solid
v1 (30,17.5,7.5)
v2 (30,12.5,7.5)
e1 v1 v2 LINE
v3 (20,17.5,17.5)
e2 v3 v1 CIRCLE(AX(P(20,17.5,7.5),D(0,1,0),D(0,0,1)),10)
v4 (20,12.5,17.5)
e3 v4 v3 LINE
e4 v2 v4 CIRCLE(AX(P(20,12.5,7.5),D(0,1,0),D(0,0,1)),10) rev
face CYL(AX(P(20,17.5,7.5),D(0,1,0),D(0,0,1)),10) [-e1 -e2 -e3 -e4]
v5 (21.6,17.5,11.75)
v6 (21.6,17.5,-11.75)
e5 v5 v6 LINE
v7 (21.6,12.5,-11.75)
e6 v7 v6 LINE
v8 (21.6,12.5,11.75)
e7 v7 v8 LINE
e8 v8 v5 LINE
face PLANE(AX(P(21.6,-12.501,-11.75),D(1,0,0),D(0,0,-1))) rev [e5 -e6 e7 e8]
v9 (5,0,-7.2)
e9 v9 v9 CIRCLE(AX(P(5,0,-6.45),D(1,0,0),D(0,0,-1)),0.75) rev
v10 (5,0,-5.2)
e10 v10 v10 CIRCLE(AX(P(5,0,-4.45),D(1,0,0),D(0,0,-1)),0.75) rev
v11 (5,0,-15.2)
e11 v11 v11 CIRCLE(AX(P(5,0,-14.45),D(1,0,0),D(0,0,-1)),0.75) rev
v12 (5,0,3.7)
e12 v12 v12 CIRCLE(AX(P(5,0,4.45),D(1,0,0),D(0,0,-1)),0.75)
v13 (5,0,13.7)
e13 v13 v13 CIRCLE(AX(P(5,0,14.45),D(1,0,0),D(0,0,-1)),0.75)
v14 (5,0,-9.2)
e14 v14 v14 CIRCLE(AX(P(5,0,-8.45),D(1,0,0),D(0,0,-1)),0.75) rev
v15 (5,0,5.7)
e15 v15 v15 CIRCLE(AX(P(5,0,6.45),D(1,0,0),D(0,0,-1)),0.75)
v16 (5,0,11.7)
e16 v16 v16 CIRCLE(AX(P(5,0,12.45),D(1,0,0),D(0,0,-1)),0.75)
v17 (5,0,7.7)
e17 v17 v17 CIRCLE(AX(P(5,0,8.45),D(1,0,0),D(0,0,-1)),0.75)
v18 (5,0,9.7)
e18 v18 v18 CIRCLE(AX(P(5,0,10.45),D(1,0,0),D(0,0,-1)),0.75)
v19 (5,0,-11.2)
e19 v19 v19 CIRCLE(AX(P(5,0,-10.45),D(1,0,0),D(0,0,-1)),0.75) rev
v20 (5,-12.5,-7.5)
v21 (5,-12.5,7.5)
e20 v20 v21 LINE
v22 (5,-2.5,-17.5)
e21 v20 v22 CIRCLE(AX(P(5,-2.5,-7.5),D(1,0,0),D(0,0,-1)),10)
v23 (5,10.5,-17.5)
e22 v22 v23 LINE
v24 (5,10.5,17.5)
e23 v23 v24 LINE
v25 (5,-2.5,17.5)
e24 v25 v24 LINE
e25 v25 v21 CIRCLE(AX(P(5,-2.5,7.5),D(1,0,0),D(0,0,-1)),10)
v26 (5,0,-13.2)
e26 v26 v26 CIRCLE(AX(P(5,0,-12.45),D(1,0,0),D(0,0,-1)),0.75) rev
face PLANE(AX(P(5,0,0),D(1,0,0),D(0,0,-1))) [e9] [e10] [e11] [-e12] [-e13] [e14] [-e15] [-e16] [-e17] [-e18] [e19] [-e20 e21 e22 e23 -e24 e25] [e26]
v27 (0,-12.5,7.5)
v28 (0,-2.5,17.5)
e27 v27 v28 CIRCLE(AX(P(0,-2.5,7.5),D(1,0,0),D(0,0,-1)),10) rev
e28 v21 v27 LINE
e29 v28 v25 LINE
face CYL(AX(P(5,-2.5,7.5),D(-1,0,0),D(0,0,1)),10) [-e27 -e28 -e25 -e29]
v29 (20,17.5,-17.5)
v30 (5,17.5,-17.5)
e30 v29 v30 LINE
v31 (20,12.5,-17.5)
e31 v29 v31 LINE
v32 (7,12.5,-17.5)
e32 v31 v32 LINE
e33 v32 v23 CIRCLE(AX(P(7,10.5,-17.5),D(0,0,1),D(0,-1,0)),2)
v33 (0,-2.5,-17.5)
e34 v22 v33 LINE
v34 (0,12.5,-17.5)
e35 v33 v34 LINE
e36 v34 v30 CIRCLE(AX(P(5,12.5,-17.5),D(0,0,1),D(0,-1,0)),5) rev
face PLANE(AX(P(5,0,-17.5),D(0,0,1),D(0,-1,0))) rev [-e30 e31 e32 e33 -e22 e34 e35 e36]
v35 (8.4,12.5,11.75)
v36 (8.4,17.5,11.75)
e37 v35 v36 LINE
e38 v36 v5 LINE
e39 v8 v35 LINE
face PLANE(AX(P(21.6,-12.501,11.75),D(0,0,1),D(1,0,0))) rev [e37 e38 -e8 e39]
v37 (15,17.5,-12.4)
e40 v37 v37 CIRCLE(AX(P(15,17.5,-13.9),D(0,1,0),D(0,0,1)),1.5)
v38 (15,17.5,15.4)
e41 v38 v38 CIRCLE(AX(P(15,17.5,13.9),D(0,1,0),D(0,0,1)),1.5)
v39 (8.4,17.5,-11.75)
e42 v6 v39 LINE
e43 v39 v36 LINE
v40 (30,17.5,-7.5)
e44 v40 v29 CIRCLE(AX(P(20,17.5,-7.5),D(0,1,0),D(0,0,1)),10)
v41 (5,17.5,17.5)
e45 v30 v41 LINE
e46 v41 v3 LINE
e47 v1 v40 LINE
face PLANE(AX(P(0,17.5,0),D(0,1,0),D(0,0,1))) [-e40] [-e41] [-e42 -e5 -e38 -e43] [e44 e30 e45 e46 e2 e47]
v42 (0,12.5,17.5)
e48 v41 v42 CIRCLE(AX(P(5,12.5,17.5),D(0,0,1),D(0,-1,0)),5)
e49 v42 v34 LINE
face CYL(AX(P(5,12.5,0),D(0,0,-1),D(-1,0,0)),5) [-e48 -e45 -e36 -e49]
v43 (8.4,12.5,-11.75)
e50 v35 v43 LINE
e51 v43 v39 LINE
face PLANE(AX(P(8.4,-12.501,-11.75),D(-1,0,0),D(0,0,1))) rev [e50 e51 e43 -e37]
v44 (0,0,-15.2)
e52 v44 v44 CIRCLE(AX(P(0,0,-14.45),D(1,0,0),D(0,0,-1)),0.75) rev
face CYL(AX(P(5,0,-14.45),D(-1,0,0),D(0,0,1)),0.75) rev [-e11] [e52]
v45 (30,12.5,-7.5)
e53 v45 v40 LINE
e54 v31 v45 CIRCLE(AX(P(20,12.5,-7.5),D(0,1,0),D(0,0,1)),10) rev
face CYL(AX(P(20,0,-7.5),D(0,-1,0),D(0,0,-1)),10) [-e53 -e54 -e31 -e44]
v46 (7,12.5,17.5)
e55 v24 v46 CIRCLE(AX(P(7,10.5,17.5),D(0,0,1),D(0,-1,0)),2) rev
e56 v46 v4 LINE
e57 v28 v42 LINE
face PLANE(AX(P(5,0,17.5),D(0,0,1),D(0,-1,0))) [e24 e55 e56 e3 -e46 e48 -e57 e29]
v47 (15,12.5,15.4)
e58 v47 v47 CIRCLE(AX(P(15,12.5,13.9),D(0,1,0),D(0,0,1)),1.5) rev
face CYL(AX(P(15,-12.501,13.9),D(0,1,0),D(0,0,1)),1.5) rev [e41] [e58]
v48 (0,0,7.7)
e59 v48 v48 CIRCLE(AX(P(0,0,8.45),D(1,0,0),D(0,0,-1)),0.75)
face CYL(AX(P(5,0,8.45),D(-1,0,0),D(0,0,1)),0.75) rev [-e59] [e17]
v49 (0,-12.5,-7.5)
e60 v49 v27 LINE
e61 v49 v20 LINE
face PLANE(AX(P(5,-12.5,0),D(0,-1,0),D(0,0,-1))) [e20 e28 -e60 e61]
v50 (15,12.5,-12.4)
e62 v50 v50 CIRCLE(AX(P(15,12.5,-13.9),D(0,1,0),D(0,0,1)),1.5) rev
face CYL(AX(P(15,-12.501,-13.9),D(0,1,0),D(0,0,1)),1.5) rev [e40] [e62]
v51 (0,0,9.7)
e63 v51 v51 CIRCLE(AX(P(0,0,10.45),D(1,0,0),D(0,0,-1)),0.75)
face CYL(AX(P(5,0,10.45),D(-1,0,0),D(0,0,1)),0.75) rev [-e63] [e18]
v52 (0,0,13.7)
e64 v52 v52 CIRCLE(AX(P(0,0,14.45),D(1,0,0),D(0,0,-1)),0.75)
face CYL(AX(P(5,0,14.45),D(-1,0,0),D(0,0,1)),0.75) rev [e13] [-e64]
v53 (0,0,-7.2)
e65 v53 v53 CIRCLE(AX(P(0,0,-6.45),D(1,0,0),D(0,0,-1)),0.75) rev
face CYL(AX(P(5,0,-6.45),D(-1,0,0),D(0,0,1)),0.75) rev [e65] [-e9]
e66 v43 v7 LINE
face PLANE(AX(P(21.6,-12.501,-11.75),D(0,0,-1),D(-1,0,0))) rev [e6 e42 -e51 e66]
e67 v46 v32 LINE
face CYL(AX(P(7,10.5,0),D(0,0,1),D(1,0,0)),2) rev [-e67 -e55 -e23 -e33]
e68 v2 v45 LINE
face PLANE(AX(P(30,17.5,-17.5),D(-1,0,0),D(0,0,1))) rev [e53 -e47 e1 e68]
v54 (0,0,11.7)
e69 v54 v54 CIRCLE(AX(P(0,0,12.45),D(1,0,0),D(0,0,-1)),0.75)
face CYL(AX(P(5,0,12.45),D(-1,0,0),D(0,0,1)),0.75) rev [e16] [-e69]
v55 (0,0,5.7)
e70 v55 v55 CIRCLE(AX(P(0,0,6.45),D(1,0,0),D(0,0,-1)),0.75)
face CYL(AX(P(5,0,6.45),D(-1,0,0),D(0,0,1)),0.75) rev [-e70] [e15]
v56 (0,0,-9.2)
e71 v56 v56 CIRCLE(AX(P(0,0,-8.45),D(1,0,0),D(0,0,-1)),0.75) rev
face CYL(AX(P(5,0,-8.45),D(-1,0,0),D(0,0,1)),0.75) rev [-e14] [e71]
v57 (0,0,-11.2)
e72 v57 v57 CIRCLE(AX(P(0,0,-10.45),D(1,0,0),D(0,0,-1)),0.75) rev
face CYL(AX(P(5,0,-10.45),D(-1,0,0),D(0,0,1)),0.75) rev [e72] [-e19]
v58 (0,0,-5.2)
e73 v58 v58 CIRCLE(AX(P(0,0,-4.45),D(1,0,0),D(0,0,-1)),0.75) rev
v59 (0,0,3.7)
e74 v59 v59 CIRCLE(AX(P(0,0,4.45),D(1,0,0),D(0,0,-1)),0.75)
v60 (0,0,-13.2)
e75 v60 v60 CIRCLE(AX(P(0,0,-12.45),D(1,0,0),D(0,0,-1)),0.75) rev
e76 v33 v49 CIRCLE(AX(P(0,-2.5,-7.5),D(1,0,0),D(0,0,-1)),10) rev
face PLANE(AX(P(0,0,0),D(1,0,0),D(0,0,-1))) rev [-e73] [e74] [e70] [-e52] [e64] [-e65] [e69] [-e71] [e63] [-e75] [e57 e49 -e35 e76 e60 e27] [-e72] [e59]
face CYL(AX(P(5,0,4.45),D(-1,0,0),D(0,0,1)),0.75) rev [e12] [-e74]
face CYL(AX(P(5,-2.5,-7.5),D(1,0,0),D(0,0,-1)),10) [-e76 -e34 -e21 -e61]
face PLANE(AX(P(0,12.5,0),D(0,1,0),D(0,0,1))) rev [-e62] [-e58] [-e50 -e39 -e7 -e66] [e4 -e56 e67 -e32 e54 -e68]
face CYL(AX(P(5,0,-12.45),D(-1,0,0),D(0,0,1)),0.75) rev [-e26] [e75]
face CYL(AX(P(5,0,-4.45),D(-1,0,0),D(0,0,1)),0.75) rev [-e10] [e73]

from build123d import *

# Parameters (mm, degrees)
SKETCH1_W           = 35
SKETCH1_H           = 25
SKETCH1_R           = 0.75
BOSS_EXTRUDE1_DEPTH = 5
SKETCH4_W           = 30
SKETCH4_H           = 35
BOSS_EXTRUDE2_DEPTH = 5
CUT_EXTRUDE2_REACH  = 47.894
SKETCH3_R           = 1.5
SKETCH3_W           = 23.5
SKETCH3_H           = 13.2
FILLET1_R           = 10
FILLET2_R           = 5
FILLET3_R           = 2
FILLET4_R           = 10


with BuildPart() as part:
    # Sketch1 → Boss-Extrude1 (new body)
    with BuildSketch(Plane(origin=(0, 0, 0), x_dir=(0, 0, -1), z_dir=(1, 0, 0))):
        Rectangle(SKETCH1_W, SKETCH1_H)
        with Locations((-14.45, 0)):
            Circle(SKETCH1_R, mode=Mode.SUBTRACT)
        with Locations((-12.45, 0)):
            Circle(SKETCH1_R, mode=Mode.SUBTRACT)
        with Locations((-10.45, 0)):
            Circle(SKETCH1_R, mode=Mode.SUBTRACT)
        with Locations((-8.45, 0)):
            Circle(SKETCH1_R, mode=Mode.SUBTRACT)
        with Locations((-6.45, 0)):
            Circle(SKETCH1_R, mode=Mode.SUBTRACT)
        with Locations((-4.45, 0)):
            Circle(SKETCH1_R, mode=Mode.SUBTRACT)
        with Locations((4.45, 0)):
            Circle(SKETCH1_R, mode=Mode.SUBTRACT)
        with Locations((6.45, 0)):
            Circle(SKETCH1_R, mode=Mode.SUBTRACT)
        with Locations((8.45, 0)):
            Circle(SKETCH1_R, mode=Mode.SUBTRACT)
        with Locations((10.45, 0)):
            Circle(SKETCH1_R, mode=Mode.SUBTRACT)
        with Locations((12.45, 0)):
            Circle(SKETCH1_R, mode=Mode.SUBTRACT)
        with Locations((14.45, 0)):
            Circle(SKETCH1_R, mode=Mode.SUBTRACT)
    extrude(amount=BOSS_EXTRUDE1_DEPTH)

    # Sketch4 → Boss-Extrude2 (add)
    with BuildSketch(Plane(origin=(0, 12.5, 0), x_dir=(1, 0, 0), z_dir=(0, 1, 0))):
        with Locations((15, 0)):
            Rectangle(SKETCH4_W, SKETCH4_H)
    extrude(amount=BOSS_EXTRUDE2_DEPTH)

    # Sketch3 → Cut-Extrude2 (cut, up to next)
    with BuildSketch(Plane(origin=(30, 17.5, 0), x_dir=(0, 0, -1), z_dir=(0, 1, 0)), mode=Mode.PRIVATE) as cut_extrude2_sk1:
        with Locations((13.9, 15)):
            Circle(SKETCH3_R)
    cut_extrude2_tool1 = extrude(cut_extrude2_sk1.sketch, amount=-CUT_EXTRUDE2_REACH, mode=Mode.PRIVATE) & part.part
    # Sketch3 → Cut-Extrude2 (cut, up to next)
    with BuildSketch(Plane(origin=(30, 17.5, 0), x_dir=(0, 0, -1), z_dir=(0, 1, 0)), mode=Mode.PRIVATE) as cut_extrude2_sk2:
        with Locations((-13.9, 15)):
            Circle(SKETCH3_R)
    cut_extrude2_tool2 = extrude(cut_extrude2_sk2.sketch, amount=-CUT_EXTRUDE2_REACH, mode=Mode.PRIVATE) & part.part
    # Sketch3 → Cut-Extrude2 (cut, up to next)
    with BuildSketch(Plane(origin=(30, 17.5, 0), x_dir=(0, 0, -1), z_dir=(0, 1, 0)), mode=Mode.PRIVATE) as cut_extrude2_sk3:
        with Locations((0, 15)):
            Rectangle(SKETCH3_W, SKETCH3_H)
    cut_extrude2_tool3 = extrude(cut_extrude2_sk3.sketch, amount=-CUT_EXTRUDE2_REACH, mode=Mode.PRIVATE) & part.part
    add(cut_extrude2_tool1.solids().sort_by_distance((15, 17.5, -13.9))[0], mode=Mode.SUBTRACT)
    add(cut_extrude2_tool2.solids().sort_by_distance((15, 17.5, 13.9))[0], mode=Mode.SUBTRACT)
    add(cut_extrude2_tool3.solids().sort_by_distance((15, 17.5, 0))[0], mode=Mode.SUBTRACT)

    # Fillet1
    fillet1_edges = [part.edges().sort_by_distance(p)[0] for p in [
        (30, 15, -17.5),
        (30, 15, 17.5),
    ]]
    fillet(fillet1_edges, radius=FILLET1_R)

    # Fillet2
    fillet2_edges = [part.edges().sort_by_distance(p)[0] for p in [
        (0, 17.5, 0),
    ]]
    fillet(fillet2_edges, radius=FILLET2_R)

    # Fillet3
    fillet3_edges = [part.edges().sort_by_distance(p)[0] for p in [
        (5, 12.5, 0),
    ]]
    fillet(fillet3_edges, radius=FILLET3_R)

    # Fillet4
    fillet4_edges = [part.edges().sort_by_distance(p)[0] for p in [
        (2.5, -12.5, -17.5),
        (2.5, -12.5, 17.5),
    ]]
    fillet(fillet4_edges, radius=FILLET4_R)


solid = part.part
